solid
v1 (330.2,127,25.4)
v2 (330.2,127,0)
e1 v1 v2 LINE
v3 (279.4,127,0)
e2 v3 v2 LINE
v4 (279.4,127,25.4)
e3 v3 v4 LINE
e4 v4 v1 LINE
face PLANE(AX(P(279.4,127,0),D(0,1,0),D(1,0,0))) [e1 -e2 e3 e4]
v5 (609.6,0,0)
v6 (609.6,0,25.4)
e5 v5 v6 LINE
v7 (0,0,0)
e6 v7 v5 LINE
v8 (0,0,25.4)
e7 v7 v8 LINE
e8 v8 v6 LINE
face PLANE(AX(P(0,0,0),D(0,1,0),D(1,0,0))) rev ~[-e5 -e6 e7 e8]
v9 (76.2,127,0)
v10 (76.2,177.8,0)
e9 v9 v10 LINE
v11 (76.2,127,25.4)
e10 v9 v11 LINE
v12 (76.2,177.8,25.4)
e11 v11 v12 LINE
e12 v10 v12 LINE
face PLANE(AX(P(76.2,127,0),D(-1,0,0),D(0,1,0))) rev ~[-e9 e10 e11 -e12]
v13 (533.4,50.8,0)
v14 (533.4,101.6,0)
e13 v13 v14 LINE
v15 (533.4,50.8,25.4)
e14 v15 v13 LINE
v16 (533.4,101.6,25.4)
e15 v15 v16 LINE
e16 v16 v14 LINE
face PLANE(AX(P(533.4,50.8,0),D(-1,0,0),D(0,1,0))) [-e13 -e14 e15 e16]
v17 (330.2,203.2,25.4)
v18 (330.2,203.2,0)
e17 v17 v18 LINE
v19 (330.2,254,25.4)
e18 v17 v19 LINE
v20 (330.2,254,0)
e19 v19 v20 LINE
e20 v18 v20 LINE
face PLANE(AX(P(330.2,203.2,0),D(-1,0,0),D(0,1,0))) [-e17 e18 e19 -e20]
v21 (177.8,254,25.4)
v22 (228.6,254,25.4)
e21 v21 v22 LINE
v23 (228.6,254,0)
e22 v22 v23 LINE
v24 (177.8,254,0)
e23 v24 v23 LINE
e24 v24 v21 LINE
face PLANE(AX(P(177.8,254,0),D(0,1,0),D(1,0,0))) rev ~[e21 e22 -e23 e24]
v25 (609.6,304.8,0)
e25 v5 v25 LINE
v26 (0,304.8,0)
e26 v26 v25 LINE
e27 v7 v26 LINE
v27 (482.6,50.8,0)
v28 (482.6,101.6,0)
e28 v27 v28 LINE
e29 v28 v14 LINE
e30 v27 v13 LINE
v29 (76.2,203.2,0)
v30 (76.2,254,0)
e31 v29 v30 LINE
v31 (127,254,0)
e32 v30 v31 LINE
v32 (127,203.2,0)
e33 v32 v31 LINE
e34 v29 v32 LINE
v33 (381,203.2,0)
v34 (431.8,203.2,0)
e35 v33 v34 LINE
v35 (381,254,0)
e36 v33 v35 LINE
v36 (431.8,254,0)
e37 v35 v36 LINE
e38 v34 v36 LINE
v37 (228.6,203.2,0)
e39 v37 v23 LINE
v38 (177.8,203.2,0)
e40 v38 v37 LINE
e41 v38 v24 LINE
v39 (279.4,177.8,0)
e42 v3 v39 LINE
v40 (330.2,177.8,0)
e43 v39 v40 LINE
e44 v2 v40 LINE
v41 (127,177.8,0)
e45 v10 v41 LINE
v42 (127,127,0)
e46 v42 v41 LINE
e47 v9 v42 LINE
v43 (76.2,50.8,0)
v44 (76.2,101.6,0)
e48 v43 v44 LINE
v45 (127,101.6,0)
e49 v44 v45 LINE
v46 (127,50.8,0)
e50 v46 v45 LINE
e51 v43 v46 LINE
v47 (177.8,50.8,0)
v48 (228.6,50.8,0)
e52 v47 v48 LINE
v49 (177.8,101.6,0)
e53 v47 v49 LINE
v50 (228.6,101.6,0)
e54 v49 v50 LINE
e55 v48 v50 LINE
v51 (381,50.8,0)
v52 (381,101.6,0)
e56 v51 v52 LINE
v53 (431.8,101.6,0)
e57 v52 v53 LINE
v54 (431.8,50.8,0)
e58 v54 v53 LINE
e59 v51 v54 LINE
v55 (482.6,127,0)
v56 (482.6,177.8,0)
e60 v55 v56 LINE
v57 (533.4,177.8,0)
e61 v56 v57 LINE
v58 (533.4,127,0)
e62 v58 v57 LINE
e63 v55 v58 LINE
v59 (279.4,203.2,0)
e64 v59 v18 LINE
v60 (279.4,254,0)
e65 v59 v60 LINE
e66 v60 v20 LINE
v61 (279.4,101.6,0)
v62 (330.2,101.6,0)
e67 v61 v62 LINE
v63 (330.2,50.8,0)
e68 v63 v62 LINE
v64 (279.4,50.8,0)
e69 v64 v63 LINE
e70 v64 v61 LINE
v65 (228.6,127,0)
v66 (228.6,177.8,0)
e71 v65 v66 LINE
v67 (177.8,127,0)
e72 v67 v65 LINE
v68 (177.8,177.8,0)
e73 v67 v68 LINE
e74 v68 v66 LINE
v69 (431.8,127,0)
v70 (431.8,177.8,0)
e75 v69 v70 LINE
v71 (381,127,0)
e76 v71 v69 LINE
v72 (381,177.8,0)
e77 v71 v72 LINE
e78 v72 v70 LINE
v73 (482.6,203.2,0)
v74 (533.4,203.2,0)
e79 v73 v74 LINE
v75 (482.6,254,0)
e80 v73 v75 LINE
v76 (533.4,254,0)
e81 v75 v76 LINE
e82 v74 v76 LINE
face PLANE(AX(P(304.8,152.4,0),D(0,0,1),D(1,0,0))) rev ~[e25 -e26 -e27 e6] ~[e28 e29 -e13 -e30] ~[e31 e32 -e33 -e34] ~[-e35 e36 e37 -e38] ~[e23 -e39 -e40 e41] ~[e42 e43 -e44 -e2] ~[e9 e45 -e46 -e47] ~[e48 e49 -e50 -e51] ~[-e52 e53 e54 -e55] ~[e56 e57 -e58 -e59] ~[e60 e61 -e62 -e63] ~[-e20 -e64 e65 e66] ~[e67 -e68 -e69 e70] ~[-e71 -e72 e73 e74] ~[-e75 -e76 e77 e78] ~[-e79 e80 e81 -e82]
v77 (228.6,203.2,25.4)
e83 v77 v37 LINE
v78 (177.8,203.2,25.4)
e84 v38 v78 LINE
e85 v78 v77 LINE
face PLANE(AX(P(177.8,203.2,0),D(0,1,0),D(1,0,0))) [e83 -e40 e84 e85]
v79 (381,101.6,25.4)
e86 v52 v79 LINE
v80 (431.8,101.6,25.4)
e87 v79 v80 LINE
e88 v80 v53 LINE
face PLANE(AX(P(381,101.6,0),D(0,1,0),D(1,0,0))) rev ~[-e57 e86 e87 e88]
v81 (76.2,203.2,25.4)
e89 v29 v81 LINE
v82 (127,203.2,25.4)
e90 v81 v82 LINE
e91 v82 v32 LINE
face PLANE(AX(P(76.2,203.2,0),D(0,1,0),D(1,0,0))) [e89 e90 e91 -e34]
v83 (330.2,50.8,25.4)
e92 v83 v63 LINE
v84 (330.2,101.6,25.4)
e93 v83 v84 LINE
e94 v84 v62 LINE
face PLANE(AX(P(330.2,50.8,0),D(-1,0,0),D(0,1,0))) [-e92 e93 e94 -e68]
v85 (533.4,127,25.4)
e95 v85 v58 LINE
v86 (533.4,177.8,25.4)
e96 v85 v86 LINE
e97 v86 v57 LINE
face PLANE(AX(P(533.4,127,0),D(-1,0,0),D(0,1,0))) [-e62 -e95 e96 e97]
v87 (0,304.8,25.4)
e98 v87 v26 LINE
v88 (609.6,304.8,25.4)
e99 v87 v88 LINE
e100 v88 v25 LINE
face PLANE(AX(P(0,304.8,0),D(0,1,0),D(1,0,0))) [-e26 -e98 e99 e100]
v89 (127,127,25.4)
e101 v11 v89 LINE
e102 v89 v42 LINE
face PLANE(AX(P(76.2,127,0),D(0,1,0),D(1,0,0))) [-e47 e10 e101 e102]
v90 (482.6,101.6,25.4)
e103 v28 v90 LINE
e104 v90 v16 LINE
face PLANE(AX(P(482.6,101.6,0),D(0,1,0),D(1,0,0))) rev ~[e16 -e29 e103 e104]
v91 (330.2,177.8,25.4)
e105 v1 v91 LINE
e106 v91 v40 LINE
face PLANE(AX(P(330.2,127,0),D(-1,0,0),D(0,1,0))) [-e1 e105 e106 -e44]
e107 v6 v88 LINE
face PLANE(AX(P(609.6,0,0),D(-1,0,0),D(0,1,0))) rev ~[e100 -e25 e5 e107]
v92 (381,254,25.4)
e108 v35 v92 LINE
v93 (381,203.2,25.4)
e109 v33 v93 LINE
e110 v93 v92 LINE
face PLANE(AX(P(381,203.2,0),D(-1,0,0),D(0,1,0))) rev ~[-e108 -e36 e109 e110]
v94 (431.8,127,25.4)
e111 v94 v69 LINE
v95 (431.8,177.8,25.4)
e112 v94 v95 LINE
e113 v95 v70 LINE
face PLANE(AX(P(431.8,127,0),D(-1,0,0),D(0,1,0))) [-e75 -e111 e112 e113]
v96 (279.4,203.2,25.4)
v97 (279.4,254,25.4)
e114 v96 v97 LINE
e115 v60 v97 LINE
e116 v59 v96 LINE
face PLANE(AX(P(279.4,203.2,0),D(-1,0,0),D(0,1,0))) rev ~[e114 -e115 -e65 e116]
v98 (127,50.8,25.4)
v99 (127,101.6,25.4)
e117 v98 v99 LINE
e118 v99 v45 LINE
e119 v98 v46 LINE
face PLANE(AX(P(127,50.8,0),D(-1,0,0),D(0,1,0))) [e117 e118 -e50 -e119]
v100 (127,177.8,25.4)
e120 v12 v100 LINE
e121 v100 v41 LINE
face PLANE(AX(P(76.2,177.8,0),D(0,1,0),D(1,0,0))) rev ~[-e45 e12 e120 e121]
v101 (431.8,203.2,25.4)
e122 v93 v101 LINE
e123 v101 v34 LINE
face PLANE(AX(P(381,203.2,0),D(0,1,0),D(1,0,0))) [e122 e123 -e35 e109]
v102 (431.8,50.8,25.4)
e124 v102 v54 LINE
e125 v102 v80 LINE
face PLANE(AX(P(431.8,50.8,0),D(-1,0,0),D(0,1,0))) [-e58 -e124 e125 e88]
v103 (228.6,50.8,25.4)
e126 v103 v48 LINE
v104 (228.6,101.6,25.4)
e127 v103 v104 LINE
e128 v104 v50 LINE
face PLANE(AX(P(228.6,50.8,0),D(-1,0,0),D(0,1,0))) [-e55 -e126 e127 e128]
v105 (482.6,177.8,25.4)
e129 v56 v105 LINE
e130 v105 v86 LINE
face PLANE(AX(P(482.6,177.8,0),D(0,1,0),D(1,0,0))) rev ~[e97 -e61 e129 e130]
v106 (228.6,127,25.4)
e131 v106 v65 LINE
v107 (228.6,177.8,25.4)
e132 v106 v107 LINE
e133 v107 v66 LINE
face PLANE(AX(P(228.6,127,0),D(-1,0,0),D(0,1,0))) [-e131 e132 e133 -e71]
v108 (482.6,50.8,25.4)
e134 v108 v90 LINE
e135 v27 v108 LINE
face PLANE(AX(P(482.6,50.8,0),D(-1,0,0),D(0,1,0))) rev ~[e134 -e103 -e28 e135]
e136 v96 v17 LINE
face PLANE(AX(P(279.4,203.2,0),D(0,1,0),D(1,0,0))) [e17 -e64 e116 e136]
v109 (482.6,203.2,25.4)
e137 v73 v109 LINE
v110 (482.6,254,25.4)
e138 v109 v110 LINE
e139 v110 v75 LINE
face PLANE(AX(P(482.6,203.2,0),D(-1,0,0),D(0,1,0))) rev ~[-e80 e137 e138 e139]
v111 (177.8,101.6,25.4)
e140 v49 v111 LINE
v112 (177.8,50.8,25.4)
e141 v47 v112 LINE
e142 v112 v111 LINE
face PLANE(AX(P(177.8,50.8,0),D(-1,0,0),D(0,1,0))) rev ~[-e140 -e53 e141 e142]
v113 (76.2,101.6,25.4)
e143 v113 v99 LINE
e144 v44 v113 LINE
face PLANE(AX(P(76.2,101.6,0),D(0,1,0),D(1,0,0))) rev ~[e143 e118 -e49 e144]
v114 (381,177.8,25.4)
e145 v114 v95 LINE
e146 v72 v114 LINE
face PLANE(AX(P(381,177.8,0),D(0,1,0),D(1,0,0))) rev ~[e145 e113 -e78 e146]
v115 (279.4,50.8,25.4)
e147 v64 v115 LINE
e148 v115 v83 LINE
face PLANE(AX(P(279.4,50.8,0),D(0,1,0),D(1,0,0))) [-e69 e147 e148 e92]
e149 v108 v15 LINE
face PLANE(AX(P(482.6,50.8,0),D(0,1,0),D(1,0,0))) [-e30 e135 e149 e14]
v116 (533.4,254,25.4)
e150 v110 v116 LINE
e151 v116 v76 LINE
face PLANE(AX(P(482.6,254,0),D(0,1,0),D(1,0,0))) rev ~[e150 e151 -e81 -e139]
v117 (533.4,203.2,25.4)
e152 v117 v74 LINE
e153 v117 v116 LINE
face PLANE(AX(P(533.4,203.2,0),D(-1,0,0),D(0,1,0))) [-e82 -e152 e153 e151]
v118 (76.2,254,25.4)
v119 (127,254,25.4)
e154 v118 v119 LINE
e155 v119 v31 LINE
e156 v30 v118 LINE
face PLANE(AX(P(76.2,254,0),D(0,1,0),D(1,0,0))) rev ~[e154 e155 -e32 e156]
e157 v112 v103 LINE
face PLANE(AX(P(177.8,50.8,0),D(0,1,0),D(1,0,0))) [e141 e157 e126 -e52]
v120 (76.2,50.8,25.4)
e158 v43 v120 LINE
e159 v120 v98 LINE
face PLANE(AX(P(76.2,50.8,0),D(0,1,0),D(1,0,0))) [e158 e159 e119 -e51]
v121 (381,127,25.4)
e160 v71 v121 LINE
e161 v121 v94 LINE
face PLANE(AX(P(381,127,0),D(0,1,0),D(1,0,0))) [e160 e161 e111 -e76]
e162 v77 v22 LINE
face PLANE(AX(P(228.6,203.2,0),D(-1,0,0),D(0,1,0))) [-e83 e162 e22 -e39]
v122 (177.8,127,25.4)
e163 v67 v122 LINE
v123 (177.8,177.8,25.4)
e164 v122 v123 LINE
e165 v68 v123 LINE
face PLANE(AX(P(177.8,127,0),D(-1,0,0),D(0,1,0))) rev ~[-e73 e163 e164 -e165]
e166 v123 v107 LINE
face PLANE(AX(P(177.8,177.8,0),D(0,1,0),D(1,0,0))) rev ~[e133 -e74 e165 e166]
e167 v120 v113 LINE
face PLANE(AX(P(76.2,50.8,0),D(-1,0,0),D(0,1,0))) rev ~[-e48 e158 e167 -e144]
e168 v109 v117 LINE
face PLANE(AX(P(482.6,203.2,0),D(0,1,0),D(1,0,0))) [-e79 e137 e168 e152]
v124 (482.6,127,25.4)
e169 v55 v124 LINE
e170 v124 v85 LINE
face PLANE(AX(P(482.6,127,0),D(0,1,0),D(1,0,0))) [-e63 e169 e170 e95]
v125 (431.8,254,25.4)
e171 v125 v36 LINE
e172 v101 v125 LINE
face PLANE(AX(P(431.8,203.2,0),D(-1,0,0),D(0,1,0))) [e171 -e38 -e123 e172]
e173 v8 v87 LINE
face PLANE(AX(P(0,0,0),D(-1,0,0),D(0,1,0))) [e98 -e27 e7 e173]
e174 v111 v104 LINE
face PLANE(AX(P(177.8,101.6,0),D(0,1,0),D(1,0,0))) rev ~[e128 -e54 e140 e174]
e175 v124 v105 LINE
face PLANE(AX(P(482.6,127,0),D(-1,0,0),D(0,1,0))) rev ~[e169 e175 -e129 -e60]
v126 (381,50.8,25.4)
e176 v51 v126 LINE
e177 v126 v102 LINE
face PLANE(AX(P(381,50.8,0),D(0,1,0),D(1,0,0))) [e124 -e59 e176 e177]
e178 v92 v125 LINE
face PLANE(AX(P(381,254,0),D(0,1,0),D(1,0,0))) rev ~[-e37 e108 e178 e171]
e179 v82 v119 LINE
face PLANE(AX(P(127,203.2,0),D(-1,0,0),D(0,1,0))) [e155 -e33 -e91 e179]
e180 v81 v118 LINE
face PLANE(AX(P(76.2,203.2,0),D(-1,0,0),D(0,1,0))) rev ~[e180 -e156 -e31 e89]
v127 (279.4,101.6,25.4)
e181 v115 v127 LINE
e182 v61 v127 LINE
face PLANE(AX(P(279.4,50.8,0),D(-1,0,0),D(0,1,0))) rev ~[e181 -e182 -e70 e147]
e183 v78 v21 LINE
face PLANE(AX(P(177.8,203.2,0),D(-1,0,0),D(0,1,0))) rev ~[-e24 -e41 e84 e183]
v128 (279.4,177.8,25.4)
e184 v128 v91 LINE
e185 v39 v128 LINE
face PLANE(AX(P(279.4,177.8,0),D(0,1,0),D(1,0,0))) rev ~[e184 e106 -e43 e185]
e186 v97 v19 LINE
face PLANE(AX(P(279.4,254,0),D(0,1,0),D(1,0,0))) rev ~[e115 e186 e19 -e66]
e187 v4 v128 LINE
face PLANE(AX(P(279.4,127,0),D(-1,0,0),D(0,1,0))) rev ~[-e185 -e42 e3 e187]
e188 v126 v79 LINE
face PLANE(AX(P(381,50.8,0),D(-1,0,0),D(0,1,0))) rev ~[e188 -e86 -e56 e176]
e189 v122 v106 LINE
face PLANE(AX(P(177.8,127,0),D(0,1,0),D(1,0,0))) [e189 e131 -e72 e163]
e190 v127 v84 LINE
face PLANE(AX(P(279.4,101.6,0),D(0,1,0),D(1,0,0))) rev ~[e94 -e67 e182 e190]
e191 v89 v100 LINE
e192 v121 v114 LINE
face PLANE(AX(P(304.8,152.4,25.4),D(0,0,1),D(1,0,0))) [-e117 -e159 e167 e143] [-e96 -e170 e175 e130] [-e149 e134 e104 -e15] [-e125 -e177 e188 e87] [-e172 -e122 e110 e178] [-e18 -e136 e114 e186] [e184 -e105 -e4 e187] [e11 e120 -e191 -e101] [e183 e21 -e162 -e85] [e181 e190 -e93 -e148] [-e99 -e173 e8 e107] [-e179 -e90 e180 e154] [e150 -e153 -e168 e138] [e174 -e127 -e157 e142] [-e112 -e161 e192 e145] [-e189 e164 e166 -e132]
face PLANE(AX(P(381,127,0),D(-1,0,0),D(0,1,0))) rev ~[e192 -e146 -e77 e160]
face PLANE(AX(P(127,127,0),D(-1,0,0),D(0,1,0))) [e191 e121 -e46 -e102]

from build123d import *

# Parameters (mm, degrees)
F0_W     = 609.6
F0_H     = 304.8
F0_W_2   = 50.8
F0_H_2   = 50.8
F1_DEPTH = 3.175
F2_DEPTH = 25.4


with BuildPart() as f1:
    # F0 (on Top) → F1 (new body)
    with BuildSketch(Plane.XY):
        with Locations((304.8, 152.4)):
            Rectangle(F0_W, F0_H)
        with Locations((101.6, 76.2)):
            Rectangle(F0_W_2, F0_H_2, mode=Mode.SUBTRACT)
        with Locations((203.2, 76.2)):
            Rectangle(F0_W_2, F0_H_2, mode=Mode.SUBTRACT)
        with Locations((304.8, 76.2)):
            Rectangle(F0_W_2, F0_H_2, mode=Mode.SUBTRACT)
        with Locations((406.4, 76.2)):
            Rectangle(F0_W_2, F0_H_2, mode=Mode.SUBTRACT)
        with Locations((508, 76.2)):
            Rectangle(F0_W_2, F0_H_2, mode=Mode.SUBTRACT)
        with Locations((101.6, 152.4)):
            Rectangle(F0_W_2, F0_H_2, mode=Mode.SUBTRACT)
        with Locations((203.2, 152.4)):
            Rectangle(F0_W_2, F0_H_2, mode=Mode.SUBTRACT)
        with Locations((304.8, 152.4)):
            Rectangle(F0_W_2, F0_H_2, mode=Mode.SUBTRACT)
        with Locations((101.6, 228.6)):
            Rectangle(F0_W_2, F0_H_2, mode=Mode.SUBTRACT)
        with Locations((203.2, 228.6)):
            Rectangle(F0_W_2, F0_H_2, mode=Mode.SUBTRACT)
        with Locations((304.8, 228.6)):
            Rectangle(F0_W_2, F0_H_2, mode=Mode.SUBTRACT)
        with Locations((406.4, 152.4)):
            Rectangle(F0_W_2, F0_H_2, mode=Mode.SUBTRACT)
        with Locations((508, 152.4)):
            Rectangle(F0_W_2, F0_H_2, mode=Mode.SUBTRACT)
        with Locations((406.4, 228.6)):
            Rectangle(F0_W_2, F0_H_2, mode=Mode.SUBTRACT)
        with Locations((508, 228.6)):
            Rectangle(F0_W_2, F0_H_2, mode=Mode.SUBTRACT)
    extrude(amount=F1_DEPTH)

    # F0 (on Top) → F2 (join)
    with BuildSketch(Plane.XY):
        with Locations((304.8, 152.4)):
            Rectangle(F0_W, F0_H)
        with Locations((101.6, 76.2)):
            Rectangle(F0_W_2, F0_H_2, mode=Mode.SUBTRACT)
        with Locations((203.2, 76.2)):
            Rectangle(F0_W_2, F0_H_2, mode=Mode.SUBTRACT)
        with Locations((304.8, 76.2)):
            Rectangle(F0_W_2, F0_H_2, mode=Mode.SUBTRACT)
        with Locations((406.4, 76.2)):
            Rectangle(F0_W_2, F0_H_2, mode=Mode.SUBTRACT)
        with Locations((508, 76.2)):
            Rectangle(F0_W_2, F0_H_2, mode=Mode.SUBTRACT)
        with Locations((101.6, 152.4)):
            Rectangle(F0_W_2, F0_H_2, mode=Mode.SUBTRACT)
        with Locations((203.2, 152.4)):
            Rectangle(F0_W_2, F0_H_2, mode=Mode.SUBTRACT)
        with Locations((304.8, 152.4)):
            Rectangle(F0_W_2, F0_H_2, mode=Mode.SUBTRACT)
        with Locations((101.6, 228.6)):
            Rectangle(F0_W_2, F0_H_2, mode=Mode.SUBTRACT)
        with Locations((203.2, 228.6)):
            Rectangle(F0_W_2, F0_H_2, mode=Mode.SUBTRACT)
        with Locations((304.8, 228.6)):
            Rectangle(F0_W_2, F0_H_2, mode=Mode.SUBTRACT)
        with Locations((406.4, 152.4)):
            Rectangle(F0_W_2, F0_H_2, mode=Mode.SUBTRACT)
        with Locations((508, 152.4)):
            Rectangle(F0_W_2, F0_H_2, mode=Mode.SUBTRACT)
        with Locations((406.4, 228.6)):
            Rectangle(F0_W_2, F0_H_2, mode=Mode.SUBTRACT)
        with Locations((508, 228.6)):
            Rectangle(F0_W_2, F0_H_2, mode=Mode.SUBTRACT)
    extrude(amount=F2_DEPTH)


solid = f1.part
